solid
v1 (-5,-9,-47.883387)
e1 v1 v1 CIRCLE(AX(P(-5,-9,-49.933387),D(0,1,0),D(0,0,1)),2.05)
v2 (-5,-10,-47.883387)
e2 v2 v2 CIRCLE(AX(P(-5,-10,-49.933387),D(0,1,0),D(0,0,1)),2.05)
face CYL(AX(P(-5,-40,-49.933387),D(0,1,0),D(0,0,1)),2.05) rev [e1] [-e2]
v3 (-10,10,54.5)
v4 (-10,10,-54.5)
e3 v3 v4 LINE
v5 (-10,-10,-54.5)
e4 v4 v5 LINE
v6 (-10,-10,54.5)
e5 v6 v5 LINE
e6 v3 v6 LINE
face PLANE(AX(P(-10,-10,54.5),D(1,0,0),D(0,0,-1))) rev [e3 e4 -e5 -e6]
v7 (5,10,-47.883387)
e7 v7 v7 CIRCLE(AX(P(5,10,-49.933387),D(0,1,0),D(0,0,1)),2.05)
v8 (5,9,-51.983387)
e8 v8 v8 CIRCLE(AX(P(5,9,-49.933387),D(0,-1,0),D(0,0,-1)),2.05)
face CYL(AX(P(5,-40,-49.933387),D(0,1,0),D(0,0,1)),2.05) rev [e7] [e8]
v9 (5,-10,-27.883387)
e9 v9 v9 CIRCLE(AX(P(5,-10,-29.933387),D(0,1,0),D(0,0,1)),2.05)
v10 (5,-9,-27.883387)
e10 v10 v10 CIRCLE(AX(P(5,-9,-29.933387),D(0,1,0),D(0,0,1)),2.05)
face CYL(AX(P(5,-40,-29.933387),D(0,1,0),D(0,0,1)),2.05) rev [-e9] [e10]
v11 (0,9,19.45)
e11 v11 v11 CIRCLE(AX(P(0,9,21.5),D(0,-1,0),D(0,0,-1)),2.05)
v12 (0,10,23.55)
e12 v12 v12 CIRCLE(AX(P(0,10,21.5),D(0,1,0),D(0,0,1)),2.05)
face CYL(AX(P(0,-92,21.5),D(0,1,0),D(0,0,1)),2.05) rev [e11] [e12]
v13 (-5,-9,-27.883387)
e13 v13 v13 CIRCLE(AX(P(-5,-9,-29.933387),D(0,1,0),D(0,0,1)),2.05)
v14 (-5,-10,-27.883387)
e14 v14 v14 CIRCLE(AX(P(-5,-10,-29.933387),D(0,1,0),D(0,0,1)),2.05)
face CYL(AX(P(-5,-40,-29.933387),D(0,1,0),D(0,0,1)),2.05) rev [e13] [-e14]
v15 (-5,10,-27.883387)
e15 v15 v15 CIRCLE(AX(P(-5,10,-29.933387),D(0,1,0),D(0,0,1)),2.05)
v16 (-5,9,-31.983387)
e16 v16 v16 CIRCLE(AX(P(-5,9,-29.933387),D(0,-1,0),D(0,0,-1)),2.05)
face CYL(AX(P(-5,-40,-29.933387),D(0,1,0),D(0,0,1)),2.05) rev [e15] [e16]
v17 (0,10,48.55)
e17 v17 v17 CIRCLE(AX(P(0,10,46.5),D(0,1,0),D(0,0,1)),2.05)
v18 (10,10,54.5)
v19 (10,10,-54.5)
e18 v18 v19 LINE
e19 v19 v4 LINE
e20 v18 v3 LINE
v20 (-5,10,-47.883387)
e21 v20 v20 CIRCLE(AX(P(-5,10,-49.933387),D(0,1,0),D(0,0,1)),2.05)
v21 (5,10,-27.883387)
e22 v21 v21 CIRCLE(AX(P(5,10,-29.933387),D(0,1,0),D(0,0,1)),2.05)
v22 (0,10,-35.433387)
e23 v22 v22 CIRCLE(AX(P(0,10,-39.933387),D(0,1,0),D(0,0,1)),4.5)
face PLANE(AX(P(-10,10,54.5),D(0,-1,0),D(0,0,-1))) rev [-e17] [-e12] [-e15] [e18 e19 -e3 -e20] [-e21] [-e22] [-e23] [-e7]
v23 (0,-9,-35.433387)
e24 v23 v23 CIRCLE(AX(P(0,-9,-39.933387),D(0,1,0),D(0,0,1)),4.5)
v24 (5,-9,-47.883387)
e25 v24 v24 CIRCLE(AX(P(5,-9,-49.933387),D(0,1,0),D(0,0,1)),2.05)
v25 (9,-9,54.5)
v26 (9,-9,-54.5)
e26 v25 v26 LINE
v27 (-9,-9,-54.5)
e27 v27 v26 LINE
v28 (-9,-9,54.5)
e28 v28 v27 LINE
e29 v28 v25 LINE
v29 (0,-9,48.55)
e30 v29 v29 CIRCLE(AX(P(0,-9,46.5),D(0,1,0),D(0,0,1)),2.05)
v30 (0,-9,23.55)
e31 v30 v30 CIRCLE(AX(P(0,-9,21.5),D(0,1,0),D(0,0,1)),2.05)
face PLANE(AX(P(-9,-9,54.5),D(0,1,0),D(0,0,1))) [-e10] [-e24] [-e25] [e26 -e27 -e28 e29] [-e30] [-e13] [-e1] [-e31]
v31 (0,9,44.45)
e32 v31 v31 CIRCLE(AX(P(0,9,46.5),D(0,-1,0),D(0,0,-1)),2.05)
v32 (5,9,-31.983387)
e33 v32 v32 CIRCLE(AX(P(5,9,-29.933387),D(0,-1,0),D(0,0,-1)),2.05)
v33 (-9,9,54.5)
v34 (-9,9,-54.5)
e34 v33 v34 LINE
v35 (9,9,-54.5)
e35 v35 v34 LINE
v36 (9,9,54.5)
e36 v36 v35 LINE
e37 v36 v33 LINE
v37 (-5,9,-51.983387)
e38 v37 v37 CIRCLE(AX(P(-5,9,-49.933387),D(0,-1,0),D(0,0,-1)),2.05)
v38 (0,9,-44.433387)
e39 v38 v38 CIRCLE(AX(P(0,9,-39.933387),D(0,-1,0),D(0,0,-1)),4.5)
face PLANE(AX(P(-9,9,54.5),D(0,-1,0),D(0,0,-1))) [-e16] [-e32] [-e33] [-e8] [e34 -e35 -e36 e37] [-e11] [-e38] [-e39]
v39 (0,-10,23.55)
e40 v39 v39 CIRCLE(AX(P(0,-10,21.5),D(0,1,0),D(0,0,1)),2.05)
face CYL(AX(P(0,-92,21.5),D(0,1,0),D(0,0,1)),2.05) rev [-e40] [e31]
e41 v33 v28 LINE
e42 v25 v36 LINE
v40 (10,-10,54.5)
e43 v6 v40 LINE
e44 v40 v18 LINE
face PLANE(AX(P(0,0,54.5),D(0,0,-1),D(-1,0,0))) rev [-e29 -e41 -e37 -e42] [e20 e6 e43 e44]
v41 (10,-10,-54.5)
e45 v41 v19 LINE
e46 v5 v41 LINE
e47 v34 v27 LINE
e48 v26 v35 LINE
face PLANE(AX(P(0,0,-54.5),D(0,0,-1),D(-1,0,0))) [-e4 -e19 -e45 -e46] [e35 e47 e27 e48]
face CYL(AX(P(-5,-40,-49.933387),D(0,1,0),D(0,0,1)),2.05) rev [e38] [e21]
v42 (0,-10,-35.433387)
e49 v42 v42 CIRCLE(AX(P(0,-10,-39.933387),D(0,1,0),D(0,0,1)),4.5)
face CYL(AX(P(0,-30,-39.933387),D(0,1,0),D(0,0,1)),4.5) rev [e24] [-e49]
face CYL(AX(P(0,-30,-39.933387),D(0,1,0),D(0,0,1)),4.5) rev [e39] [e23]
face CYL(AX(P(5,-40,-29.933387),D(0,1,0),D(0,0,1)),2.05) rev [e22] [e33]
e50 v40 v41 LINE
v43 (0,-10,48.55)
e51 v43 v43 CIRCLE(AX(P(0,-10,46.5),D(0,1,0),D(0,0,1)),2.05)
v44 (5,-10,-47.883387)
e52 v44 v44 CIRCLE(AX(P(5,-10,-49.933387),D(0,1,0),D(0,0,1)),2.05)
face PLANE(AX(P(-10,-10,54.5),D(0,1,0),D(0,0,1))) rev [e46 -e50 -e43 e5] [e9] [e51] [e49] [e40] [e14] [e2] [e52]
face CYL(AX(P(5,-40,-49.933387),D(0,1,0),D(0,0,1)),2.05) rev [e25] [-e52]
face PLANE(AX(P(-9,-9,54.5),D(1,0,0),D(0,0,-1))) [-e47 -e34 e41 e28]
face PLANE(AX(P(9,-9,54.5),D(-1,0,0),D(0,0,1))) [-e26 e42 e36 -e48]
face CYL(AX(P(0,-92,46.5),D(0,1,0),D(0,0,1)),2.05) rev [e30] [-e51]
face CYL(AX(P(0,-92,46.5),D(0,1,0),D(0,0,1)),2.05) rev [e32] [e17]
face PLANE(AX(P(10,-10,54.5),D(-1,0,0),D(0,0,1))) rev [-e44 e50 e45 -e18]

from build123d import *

# Parameters (mm, degrees)
SKETCH_1_2_W         = 20
SKETCH_1_2_H         = 20
SKETCH_1_2_W_2       = 18
SKETCH_1_2_H_2       = 18
EXTRUDE_2_DEPTH      = 54.5
SKETCH_2_R           = 2.05
CUT_EXTRUDE_1_DEPTH  = 102
SKETCH_11_R          = 2.05
CUT_EXTRUDE_8_DEPTH  = 50
SKETCH_17_R          = 4.5
CUT_EXTRUDE_14_DEPTH = 40


with BuildPart() as part:
    # 草图1<2> → 凸台-拉伸2 (new, symmetric)
    with BuildSketch(Plane.XY):
        Rectangle(SKETCH_1_2_W, SKETCH_1_2_H)
        Rectangle(SKETCH_1_2_W_2, SKETCH_1_2_H_2, mode=Mode.SUBTRACT)
    extrude(amount=EXTRUDE_2_DEPTH, both=True)

    # 草图2 → 切除-拉伸1 (cut)
    with BuildSketch(Plane(origin=(0, 10, 0), x_dir=(1, 0, 0), z_dir=(0, 1, 0))):
        with Locations((0, -46.5)):
            Circle(SKETCH_2_R)
        with Locations((0, -21.5)):
            Circle(SKETCH_2_R)
    extrude(amount=-CUT_EXTRUDE_1_DEPTH, mode=Mode.SUBTRACT)

    # 草图11 → 切除-拉伸8 (cut)
    with BuildSketch(Plane(origin=(0, 10, 0), x_dir=(1, 0, 0), z_dir=(0, 1, 0))):
        with Locations((5, 29.933387088)):
            Circle(SKETCH_11_R)
        with Locations((-5, 29.933387088)):
            Circle(SKETCH_11_R)
        with Locations((5, 49.933387088)):
            Circle(SKETCH_11_R)
        with Locations((-5, 49.933387088)):
            Circle(SKETCH_11_R)
    extrude(amount=-CUT_EXTRUDE_8_DEPTH, mode=Mode.SUBTRACT)

    # 草图17 → 切除-拉伸14 (cut)
    with BuildSketch(Plane(origin=(0, 10, 0), x_dir=(1, 0, 0), z_dir=(0, 1, 0))):
        with Locations((0, 39.933387088)):
            Circle(SKETCH_17_R)
    extrude(amount=-CUT_EXTRUDE_14_DEPTH, mode=Mode.SUBTRACT)


solid = part.part
